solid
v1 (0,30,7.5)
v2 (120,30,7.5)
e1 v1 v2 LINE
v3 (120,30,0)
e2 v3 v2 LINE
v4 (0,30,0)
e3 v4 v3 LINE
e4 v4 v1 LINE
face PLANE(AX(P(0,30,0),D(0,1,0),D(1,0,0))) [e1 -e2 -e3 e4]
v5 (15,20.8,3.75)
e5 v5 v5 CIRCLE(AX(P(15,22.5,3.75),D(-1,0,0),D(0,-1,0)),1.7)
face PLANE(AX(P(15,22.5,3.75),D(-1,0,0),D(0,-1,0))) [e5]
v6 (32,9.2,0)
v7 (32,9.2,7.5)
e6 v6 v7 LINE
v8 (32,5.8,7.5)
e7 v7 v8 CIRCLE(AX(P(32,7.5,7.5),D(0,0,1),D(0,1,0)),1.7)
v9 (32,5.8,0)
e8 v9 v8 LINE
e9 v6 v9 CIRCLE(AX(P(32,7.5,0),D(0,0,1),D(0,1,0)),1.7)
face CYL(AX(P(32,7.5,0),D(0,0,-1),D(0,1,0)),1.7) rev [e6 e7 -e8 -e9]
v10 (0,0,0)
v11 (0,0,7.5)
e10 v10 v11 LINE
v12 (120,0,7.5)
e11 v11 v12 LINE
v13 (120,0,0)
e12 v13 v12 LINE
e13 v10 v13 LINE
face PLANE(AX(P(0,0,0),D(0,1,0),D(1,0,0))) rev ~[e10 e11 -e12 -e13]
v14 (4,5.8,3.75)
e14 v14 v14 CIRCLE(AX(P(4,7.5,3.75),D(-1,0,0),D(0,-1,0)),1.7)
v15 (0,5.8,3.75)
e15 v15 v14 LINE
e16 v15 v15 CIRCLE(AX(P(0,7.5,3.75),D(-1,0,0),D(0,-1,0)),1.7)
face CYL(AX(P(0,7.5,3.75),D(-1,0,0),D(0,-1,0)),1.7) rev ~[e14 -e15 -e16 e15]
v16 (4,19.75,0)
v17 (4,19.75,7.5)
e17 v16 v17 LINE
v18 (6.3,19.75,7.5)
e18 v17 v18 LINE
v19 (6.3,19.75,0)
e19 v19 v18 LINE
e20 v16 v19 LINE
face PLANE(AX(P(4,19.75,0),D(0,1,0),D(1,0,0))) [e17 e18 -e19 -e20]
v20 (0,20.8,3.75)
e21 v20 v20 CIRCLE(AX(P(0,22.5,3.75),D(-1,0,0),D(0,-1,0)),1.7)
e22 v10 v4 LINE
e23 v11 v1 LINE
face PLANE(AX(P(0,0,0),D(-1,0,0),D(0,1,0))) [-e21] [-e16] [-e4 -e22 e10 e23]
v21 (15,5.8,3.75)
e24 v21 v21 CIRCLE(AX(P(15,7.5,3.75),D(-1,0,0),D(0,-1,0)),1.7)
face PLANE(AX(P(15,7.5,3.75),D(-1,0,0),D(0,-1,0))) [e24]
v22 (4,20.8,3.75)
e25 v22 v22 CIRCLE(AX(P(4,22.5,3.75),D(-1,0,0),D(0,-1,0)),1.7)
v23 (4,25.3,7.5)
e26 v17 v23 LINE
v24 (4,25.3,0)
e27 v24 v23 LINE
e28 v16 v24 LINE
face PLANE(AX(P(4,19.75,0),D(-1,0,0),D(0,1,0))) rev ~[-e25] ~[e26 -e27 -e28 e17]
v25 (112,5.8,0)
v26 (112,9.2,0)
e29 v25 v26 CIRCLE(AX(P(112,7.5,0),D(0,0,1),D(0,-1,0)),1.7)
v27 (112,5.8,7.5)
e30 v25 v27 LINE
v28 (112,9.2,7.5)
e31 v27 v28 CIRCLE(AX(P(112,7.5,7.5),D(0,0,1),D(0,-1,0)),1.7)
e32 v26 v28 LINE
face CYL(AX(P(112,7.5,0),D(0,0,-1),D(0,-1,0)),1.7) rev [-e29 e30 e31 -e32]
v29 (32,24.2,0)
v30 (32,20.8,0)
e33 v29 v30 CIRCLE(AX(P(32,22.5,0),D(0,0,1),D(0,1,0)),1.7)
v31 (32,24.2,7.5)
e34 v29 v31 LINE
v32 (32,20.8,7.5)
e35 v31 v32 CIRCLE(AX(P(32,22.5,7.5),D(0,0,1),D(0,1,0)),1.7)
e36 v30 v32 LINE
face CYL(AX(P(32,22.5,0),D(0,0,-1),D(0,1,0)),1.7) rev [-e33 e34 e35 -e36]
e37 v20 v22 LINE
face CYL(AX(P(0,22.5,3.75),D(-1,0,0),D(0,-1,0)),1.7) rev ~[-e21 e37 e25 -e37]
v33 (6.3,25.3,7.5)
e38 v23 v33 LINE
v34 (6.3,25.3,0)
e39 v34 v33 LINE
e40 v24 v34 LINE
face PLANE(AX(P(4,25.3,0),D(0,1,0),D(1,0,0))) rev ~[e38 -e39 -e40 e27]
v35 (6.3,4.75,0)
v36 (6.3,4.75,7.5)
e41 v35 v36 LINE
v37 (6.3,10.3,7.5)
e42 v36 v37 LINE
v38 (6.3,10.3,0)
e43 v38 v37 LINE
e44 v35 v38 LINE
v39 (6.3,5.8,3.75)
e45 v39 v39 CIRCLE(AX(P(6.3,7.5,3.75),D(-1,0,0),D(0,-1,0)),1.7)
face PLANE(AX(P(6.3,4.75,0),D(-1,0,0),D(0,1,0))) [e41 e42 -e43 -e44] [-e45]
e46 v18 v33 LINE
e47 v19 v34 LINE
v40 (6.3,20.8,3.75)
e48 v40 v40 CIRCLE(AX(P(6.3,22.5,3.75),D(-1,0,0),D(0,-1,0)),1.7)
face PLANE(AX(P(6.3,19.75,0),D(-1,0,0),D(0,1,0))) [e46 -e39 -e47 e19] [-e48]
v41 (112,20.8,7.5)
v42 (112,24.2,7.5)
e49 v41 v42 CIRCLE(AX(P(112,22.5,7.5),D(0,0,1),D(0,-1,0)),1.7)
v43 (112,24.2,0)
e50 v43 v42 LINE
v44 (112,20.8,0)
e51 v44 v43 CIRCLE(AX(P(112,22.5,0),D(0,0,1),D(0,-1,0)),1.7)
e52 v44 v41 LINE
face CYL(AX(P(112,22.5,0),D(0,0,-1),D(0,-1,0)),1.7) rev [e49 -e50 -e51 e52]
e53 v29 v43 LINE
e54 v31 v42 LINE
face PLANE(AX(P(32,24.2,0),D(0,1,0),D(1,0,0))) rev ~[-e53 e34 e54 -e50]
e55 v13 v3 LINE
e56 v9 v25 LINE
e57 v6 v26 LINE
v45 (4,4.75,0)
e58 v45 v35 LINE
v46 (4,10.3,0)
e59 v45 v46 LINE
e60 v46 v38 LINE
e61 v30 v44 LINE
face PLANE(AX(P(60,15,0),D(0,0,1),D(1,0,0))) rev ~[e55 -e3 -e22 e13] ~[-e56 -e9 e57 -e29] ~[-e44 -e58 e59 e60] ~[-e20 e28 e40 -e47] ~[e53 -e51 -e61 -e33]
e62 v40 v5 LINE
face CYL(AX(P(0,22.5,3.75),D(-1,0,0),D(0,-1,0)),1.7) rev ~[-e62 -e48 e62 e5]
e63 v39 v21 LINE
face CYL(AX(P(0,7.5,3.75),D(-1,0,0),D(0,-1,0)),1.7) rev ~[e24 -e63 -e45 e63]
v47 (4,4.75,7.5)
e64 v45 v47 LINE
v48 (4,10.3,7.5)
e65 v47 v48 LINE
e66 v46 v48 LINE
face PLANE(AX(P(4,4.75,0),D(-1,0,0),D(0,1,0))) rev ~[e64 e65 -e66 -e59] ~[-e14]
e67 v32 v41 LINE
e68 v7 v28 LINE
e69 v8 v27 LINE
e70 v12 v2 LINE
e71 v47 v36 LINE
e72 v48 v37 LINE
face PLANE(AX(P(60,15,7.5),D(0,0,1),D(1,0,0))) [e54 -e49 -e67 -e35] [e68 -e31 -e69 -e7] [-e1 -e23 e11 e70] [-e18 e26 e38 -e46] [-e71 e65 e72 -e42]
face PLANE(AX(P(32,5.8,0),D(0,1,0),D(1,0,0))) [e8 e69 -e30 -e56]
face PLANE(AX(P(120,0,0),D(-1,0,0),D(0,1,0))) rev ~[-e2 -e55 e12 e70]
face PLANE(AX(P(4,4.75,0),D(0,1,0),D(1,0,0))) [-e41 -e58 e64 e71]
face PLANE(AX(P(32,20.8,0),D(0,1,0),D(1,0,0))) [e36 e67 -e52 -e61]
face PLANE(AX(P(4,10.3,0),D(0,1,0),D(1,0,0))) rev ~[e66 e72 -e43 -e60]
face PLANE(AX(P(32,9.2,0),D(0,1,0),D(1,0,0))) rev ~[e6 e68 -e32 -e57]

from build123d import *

# Parameters (mm, degrees)
SKETCH_W     = 120
SKETCH_H     = 30
SKETCH_W_2   = 2.3
SKETCH_H_2   = 5.55
PAD_DEPTH    = 7.5
SKETCH001_R  = 1.7
POCKET_DEPTH = 15


with BuildPart() as part:
    # Sketch → Pad (new body)
    with BuildSketch(Plane.XY):
        with Locations((60, 15)):
            Rectangle(SKETCH_W, SKETCH_H)
        with Locations((5.15, 22.525)):
            Rectangle(SKETCH_W_2, SKETCH_H_2, mode=Mode.SUBTRACT)
        with Locations((5.15, 7.525)):
            Rectangle(SKETCH_W_2, SKETCH_H_2, mode=Mode.SUBTRACT)
        with BuildLine():
            ThreePointArc((32, 24.2), (30.3, 22.5), (32, 20.8))
            Line((32, 20.8), (112, 20.8))
            ThreePointArc((112, 20.8), (113.7, 22.5), (112, 24.2))
            Line((32, 24.2), (112, 24.2))
        make_face(mode=Mode.SUBTRACT)
        with BuildLine():
            ThreePointArc((32, 9.2), (30.3, 7.5), (32, 5.8))
            Line((32, 5.8), (112, 5.8))
            ThreePointArc((112, 5.8), (113.7, 7.5), (112, 9.2))
            Line((32, 9.2), (112, 9.2))
        make_face(mode=Mode.SUBTRACT)
    extrude(amount=PAD_DEPTH)

    # Sketch001 (on Face4 of Pad) → Pocket (cut)
    with BuildSketch(Plane(origin=(0, 0, 0), x_dir=(0, -1, 0), z_dir=(-1, 0, 0))):
        with Locations((-22.5, 3.75)):
            Circle(SKETCH001_R)
        with Locations((-7.5, 3.75)):
            Circle(SKETCH001_R)
    extrude(amount=-POCKET_DEPTH, mode=Mode.SUBTRACT)


solid = part.part
